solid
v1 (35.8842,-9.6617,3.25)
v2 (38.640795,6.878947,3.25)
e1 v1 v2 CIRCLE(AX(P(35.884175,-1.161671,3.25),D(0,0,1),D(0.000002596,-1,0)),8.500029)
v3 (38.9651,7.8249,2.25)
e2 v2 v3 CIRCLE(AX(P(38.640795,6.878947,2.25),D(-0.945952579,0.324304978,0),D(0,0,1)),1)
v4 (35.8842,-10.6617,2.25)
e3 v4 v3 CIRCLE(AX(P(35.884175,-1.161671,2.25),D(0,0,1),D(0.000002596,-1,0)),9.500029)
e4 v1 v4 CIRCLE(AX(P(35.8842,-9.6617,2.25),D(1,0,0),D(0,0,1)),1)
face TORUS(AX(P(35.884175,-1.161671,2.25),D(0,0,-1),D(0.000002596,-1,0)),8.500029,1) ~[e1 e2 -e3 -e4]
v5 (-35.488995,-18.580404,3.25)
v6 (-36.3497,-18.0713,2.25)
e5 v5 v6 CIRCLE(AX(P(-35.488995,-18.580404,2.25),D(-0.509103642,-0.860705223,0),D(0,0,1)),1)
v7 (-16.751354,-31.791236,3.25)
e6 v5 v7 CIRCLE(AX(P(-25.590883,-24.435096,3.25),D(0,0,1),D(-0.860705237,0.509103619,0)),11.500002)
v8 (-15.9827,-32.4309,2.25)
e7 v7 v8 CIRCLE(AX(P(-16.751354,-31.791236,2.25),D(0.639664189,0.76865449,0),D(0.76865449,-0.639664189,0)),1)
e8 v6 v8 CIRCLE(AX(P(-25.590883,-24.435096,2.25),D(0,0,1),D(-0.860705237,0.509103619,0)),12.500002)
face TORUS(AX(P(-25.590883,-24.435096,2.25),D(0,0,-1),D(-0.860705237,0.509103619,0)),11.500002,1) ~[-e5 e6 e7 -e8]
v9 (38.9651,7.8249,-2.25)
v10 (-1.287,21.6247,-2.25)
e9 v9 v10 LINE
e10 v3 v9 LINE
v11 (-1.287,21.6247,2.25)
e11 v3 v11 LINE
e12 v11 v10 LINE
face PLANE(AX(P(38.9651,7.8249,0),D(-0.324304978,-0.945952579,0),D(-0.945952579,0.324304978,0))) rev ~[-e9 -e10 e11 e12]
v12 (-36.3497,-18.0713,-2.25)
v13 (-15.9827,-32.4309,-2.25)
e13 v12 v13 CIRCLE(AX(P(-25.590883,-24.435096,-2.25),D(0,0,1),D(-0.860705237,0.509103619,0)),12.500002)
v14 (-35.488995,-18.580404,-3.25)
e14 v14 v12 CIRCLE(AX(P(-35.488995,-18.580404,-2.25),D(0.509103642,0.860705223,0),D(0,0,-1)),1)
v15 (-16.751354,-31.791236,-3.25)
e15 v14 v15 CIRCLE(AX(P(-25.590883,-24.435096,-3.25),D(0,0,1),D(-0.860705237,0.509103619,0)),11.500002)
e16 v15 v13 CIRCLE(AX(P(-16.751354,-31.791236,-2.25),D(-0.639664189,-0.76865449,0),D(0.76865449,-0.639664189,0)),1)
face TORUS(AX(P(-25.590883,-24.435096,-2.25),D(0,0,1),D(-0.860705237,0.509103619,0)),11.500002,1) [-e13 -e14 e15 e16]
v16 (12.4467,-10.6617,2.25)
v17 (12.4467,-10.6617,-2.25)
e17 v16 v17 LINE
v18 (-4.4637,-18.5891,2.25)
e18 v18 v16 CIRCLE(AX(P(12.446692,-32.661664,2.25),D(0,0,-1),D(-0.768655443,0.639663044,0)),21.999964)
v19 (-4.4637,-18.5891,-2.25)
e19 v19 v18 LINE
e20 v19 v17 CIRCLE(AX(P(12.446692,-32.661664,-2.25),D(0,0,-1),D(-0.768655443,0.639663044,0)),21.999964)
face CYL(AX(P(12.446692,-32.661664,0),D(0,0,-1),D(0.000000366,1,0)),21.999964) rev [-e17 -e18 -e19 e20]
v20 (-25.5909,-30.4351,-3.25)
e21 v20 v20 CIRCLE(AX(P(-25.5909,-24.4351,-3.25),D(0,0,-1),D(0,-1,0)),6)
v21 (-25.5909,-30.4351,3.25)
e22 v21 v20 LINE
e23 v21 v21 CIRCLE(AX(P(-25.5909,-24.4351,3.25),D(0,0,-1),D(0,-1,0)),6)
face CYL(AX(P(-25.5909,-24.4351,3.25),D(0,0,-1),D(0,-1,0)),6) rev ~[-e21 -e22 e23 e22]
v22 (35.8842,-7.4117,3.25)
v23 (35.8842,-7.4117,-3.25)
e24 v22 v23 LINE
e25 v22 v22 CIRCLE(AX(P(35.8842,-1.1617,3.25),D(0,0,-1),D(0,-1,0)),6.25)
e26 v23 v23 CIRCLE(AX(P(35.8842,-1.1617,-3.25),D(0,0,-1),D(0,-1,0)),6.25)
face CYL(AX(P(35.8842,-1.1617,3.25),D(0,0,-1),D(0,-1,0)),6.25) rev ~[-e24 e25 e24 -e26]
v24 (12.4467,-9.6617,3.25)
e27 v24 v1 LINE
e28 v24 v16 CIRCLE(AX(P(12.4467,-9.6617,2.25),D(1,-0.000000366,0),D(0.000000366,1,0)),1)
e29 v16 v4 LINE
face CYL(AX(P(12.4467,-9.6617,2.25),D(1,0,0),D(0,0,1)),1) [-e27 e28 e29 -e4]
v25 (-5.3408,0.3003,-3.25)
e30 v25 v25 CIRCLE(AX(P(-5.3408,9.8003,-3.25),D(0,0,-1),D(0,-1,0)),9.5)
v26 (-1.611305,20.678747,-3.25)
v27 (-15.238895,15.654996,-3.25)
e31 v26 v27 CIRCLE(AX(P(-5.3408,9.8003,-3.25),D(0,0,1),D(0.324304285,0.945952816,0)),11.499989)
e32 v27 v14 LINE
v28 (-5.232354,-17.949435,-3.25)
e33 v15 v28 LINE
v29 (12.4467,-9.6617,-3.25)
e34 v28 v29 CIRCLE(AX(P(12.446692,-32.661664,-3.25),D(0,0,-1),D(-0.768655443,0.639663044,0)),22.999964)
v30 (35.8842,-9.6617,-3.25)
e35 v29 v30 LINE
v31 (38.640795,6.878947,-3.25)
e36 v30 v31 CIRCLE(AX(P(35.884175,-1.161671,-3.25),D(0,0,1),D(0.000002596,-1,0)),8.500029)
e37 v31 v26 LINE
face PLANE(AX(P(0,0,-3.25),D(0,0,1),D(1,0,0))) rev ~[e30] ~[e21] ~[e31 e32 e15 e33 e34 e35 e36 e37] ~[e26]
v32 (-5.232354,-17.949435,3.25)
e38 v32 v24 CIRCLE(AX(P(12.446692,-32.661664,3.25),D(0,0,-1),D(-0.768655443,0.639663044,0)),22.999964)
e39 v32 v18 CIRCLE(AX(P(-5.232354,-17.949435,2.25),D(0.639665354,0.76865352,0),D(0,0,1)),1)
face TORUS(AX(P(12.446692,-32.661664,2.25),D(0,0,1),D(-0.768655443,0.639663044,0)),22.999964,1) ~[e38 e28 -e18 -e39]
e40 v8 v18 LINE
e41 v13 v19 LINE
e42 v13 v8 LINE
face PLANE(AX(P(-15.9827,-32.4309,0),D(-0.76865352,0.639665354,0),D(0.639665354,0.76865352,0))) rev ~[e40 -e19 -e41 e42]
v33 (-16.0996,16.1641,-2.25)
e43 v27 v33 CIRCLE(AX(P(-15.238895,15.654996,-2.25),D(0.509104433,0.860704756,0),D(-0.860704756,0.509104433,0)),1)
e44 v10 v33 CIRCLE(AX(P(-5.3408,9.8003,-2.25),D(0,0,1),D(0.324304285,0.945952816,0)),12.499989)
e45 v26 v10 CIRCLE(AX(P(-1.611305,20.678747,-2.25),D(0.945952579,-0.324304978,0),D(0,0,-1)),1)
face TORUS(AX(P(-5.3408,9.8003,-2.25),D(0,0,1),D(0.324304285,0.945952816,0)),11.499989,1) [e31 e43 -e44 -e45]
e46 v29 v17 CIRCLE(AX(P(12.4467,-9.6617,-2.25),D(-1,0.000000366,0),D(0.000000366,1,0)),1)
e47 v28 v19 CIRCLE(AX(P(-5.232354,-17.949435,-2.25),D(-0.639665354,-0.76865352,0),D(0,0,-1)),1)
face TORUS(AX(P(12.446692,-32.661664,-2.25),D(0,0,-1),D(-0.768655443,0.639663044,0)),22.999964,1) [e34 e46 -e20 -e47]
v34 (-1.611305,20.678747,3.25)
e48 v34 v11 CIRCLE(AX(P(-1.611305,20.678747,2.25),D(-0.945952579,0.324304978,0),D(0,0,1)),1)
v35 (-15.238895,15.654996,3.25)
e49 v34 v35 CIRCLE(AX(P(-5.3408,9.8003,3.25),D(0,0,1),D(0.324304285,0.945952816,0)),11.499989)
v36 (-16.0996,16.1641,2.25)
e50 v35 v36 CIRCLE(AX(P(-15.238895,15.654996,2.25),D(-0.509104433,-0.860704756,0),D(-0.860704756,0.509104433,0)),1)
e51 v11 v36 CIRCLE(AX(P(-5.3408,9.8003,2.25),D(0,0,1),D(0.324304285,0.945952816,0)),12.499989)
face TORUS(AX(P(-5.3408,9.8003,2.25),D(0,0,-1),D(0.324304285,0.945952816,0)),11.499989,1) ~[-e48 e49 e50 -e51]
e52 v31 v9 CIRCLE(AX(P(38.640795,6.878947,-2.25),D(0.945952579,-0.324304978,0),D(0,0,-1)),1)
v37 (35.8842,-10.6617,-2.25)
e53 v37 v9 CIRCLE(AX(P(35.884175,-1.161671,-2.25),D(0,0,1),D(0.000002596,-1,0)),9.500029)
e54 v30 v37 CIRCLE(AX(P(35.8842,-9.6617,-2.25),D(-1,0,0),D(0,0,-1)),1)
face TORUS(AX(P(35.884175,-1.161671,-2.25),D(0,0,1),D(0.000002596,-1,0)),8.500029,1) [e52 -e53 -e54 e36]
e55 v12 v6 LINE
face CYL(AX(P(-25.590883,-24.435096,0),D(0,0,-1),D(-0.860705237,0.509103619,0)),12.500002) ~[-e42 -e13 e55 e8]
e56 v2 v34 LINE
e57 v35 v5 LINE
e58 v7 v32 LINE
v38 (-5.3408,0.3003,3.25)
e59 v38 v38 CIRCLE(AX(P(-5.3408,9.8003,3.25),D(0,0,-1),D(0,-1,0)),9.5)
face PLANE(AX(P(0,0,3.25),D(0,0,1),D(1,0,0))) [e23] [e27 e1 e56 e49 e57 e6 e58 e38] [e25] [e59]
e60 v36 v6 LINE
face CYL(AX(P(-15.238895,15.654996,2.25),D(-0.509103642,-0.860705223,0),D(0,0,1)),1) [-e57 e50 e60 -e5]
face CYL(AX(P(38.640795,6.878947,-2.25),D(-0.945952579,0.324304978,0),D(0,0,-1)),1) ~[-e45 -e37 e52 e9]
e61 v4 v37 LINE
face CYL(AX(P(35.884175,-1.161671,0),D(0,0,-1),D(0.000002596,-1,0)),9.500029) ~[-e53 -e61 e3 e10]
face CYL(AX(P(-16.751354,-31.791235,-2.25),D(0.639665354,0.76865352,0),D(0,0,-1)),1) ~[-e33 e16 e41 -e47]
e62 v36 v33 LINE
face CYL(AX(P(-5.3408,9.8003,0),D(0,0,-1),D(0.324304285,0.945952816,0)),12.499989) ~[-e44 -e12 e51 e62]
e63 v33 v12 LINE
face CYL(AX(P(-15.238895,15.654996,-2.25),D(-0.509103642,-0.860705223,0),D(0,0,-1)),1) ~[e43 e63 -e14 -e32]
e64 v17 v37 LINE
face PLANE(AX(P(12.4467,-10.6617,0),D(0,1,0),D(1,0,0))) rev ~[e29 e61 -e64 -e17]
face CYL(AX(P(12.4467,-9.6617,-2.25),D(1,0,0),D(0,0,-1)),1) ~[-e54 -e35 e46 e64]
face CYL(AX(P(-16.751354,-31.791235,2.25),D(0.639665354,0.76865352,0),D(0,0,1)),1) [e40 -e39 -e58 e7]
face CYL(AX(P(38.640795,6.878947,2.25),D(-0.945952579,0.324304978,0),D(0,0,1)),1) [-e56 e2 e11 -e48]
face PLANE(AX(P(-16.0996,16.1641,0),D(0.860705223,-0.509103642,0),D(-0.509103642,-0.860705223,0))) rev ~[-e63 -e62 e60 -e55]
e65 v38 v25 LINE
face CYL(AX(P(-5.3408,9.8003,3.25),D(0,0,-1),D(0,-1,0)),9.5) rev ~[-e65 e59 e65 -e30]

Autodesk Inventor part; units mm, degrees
ref_plane "YZ Plane" through (0, 0, 0) normal (1, 0, 0) x (0, 1, 0)
ref_plane "XZ Plane" through (0, 0, 0) normal (0, 1, 0) x (-1, 0, 0)
ref_plane "XY Plane" through (0, 0, 0) normal (0, 0, 1) x (1, 0, 0)
sketch "Sketch1" plane through (0, 0, 0) normal (0, 0, 1) x (1, 0, 0)
  arc A0 (-36.3497, -18.0713) -> (-15.9827, -32.4309) centre (-25.5909, -24.4351) ccw
  arc A1 (35.8842, -10.6617) -> (38.9651, 7.8249) centre (35.8842, -1.1617) ccw
  arc A2 (-1.287, 21.6247) -> (-16.0996, 16.1641) centre (-5.3408, 9.8003) ccw
  arc A3 (12.4467, -10.6617) -> (-4.4637, -18.5891) centre (12.4467, -32.6617) ccw
  line L0 (-15.9827, -32.4309) -> (-4.4637, -18.5891)
  line L1 (12.4467, -10.6617) -> (35.8842, -10.6617)
  line L2 (38.9651, 7.8249) -> (-1.287, 21.6247)
  line L3 (-16.0996, 16.1641) -> (-36.3497, -18.0713)
  dimension "d0" = 12.5
  dimension "d1" = 9.5
  dimension "d2" = 12.5
  dimension "d3" = 22
extrude "Extrusion1" add sketch "Sketch1" along normal mid plane 6.5
sketch "Sketch2" plane through (0, 0, 3.25) normal (0, 0, 1) x (1, 0, 0)
  arc A0 (-36.3497, -18.0713) -> (-15.9827, -32.4309) centre (-25.5909, -24.4351) ccw projected
  arc A1 (-1.287, 21.6247) -> (-16.0996, 16.1641) centre (-5.3408, 9.8003) ccw projected
  arc A2 (35.8842, -10.6617) -> (38.9651, 7.8249) centre (35.8842, -1.1617) ccw projected
  line L0 (-36.3497, -18.0713) -> (-16.0996, 16.1641) projected
  line L1 (-4.4637, -18.5891) -> (-15.9827, -32.4309) projected
  arc A3 (12.4467, -10.6617) -> (-4.4637, -18.5891) centre (12.4467, -32.6617) ccw projected
  line L2 (35.8842, -10.6617) -> (12.4467, -10.6617) projected
  line L3 (-1.287, 21.6247) -> (38.9651, 7.8249) projected
hole "Hole1" at (-25.5909, -24.4351, 3.25) direction (0, 0, -1) diameter 12 end through all
sketch "Sketch3" plane through (0, 0, 3.25) normal (0, 0, 1) x (1, 0, 0)
  arc A0 (-1.287, 21.6247) -> (-16.0996, 16.1641) centre (-5.3408, 9.8003) ccw projected
hole "Hole2" at (-5.3408, 9.8003, 3.25) direction (0, 0, -1) diameter 19 end through all
sketch "Sketch4" plane through (0, 0, 3.25) normal (0, 0, 1) x (1, 0, 0)
  arc A0 (35.8842, -10.6617) -> (38.9651, 7.8249) centre (35.8842, -1.1617) ccw projected
hole "Hole3" at (35.8842, -1.1617, 3.25) direction (0, 0, -1) diameter 12.5 end through all
fillet "Fillet1" radius 1 16 edges at (18.8391, 14.7248, 3.25) (45.2549, -2.7234, 3.25) (24.1654, -10.6617, 3.25) (3.1086, -12.7419, 3.25) (-10.2232, -25.51, 3.25) (-32.7937, -34.6512, 3.25) (-26.2246, -0.9536, 3.25) (-9.6644, 21.5287, 3.25) (18.8391, 14.7248, -3.25) (-9.6644, 21.5287, -3.25) (-26.2246, -0.9536, -3.25) (-32.7937, -34.6512, -3.25) (-10.2232, -25.51, -3.25) (3.1086, -12.7419, -3.25) (24.1654, -10.6617, -3.25) (45.2549, -2.7234, -3.25)
properties part number "WeldExer_base"
